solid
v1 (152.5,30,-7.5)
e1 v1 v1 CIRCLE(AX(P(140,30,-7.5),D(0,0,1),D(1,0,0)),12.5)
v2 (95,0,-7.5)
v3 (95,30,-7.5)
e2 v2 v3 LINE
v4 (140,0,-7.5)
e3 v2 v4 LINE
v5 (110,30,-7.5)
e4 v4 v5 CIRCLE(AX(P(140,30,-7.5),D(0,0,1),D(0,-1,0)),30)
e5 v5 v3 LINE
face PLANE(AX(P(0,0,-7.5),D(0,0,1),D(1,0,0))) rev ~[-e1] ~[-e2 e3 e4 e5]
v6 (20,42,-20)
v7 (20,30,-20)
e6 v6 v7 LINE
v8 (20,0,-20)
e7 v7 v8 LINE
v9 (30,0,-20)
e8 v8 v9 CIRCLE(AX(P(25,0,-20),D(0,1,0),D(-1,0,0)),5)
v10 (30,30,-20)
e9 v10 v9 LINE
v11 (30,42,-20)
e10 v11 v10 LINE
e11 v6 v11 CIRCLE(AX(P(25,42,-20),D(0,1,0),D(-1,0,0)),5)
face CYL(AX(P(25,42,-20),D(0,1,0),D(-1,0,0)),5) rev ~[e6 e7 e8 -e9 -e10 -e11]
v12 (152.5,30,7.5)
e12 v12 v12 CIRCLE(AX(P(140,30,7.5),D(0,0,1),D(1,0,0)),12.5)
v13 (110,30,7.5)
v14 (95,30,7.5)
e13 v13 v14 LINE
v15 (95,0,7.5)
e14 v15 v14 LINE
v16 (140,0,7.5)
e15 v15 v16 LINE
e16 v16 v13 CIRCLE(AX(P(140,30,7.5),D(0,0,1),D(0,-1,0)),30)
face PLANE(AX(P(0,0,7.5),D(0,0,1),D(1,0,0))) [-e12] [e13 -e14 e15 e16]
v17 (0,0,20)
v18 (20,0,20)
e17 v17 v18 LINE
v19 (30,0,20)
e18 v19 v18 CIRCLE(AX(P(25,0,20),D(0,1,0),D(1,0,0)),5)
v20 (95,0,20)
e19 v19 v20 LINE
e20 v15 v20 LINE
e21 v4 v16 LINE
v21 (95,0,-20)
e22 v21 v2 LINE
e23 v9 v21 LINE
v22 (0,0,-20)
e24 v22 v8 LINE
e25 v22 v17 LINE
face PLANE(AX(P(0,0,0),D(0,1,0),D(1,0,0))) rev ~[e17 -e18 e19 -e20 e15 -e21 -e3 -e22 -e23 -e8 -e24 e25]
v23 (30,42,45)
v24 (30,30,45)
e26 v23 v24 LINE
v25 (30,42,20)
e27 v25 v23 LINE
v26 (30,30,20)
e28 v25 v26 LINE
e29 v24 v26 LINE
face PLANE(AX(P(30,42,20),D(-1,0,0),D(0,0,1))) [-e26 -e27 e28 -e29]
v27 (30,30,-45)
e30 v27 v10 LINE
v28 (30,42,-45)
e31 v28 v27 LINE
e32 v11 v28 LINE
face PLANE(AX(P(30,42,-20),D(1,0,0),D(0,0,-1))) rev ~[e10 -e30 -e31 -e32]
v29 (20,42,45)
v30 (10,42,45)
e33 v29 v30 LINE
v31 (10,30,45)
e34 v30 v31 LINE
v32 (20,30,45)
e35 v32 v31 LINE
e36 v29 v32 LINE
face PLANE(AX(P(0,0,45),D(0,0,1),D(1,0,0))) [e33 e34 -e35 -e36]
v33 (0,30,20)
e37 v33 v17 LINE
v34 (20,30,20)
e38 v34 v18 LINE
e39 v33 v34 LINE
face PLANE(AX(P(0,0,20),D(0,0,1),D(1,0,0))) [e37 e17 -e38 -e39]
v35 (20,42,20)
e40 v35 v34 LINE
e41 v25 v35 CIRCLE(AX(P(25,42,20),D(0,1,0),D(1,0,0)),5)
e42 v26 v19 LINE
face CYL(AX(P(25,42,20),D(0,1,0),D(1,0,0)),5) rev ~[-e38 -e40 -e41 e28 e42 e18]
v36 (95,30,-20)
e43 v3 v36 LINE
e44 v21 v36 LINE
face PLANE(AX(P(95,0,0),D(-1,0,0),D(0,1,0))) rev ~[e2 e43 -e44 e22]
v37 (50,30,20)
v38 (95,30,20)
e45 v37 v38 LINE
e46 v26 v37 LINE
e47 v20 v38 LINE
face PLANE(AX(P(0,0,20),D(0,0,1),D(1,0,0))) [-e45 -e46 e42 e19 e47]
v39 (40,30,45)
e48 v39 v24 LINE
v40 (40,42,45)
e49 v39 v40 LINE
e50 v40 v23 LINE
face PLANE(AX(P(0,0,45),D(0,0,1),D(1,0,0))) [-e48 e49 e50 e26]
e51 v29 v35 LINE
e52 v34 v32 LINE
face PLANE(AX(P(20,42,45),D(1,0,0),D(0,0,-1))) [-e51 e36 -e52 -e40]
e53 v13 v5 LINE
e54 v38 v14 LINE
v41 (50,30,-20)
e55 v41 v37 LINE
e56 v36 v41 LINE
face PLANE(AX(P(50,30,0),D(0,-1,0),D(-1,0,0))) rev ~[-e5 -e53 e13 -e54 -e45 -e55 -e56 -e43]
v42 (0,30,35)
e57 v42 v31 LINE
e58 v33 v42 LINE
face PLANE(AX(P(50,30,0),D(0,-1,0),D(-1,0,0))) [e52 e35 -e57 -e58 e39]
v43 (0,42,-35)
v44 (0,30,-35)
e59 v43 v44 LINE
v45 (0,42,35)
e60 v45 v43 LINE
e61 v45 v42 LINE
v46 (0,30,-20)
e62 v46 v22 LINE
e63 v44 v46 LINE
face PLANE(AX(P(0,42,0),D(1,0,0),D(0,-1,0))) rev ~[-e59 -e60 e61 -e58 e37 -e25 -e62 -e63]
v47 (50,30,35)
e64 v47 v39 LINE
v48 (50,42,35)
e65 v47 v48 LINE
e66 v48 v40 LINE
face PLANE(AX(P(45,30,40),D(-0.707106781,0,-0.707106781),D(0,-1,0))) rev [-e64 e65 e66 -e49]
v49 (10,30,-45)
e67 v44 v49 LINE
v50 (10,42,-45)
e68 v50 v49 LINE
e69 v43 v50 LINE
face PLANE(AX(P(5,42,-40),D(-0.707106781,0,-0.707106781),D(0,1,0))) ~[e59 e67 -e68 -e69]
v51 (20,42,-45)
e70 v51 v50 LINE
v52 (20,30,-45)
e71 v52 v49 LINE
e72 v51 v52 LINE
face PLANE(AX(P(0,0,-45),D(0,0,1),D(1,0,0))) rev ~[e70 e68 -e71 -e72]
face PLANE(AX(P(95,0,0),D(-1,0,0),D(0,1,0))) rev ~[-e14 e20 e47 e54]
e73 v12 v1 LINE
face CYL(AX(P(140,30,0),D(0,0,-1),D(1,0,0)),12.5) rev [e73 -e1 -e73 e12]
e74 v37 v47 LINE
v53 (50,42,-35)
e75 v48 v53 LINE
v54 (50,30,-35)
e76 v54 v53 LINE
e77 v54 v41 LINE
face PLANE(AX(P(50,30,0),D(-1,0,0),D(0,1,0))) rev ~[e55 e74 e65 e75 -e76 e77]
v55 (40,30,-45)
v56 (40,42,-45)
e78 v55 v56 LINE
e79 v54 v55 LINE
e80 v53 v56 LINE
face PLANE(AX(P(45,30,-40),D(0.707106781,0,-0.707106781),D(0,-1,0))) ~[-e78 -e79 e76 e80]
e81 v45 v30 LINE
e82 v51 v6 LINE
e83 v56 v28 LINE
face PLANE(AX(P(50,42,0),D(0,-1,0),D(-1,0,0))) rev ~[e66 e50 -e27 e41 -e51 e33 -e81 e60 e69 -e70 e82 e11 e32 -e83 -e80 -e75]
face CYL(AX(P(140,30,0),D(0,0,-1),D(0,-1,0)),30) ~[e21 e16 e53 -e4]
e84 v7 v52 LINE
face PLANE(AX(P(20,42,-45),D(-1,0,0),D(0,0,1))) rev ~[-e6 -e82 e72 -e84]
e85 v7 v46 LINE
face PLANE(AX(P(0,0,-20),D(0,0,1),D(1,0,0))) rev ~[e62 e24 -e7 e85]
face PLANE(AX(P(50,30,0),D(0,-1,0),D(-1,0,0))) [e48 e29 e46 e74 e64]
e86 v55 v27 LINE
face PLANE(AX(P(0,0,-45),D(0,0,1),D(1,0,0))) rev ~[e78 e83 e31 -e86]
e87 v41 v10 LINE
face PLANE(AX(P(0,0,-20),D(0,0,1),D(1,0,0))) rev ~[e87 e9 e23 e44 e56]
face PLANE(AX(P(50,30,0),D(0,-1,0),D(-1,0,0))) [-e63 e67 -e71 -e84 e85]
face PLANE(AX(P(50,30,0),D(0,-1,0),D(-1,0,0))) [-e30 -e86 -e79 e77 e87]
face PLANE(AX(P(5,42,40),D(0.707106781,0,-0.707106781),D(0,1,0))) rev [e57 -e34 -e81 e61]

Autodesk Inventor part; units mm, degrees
ref_plane "YZ Plane" through (0, 0, 0) normal (1, 0, 0) x (0, 1, 0)
ref_plane "XZ Plane" through (0, 0, 0) normal (0, 1, 0) x (-1, 0, 0)
ref_plane "XY Plane" through (0, 0, 0) normal (0, 0, 1) x (1, 0, 0)
sketch "Esboço1" plane through (0, 0, 0) normal (0, 0, 1) x (1, 0, 0)
  line L0 (0, 0) -> (95, 0)
  line L1 (95, 0) -> (95, 30)
  line L2 (95, 30) -> (0, 30)
  line L3 (0, 30) -> (0, 0)
  line L4 (0, 30) -> (50, 30)
  line L5 (50, 30) -> (50, 42)
  line L6 (50, 42) -> (0, 42)
  line L7 (0, 42) -> (0, 30)
  line L8 (95, 0) -> (140, 0)
  line L9 (110, 30) -> (95, 30)
  line L10 (95, 30) -> (95, 0)
  arc A0 (140, 0) -> (110, 30) centre (140, 30) ccw
  circle A1 centre (140, 30) radius 12.5
  point P0 (0, 15)
  dimension "d0" = 95
  dimension "d1" = 30
  dimension "d3" = 50
  dimension "d4" = 12
  dimension "d5" = 30
  dimension "d6" = 140
  dimension "d7" = 25
extrude "Extrusão1" add sketch "Esboço1" along normal mid plane 90 contours L7 L6 L5 L2
extrude "Extrusão2" add sketch "Esboço1" along normal mid plane 15 contours L1 L9 A0 L8
extrude "Extrusão3" add sketch "Esboço1" along normal mid plane 40 contours L3 L2 L1 L0
sketch "Esboço2" plane through (0, 42, 45) normal (0, 1, 0) x (1, 0, 0)
  line L0 (25, 115) -> (25, 65) construction
  line L1 (50, 90) -> (0, 90) projected
  line L2 (20, 115) -> (20, 65)
  line L3 (30, 65) -> (30, 115)
  arc A0 (30, 115) -> (20, 115) centre (25, 115) ccw
  arc A1 (20, 65) -> (30, 65) centre (25, 65) ccw
  line L4 (25, -25) -> (25, 25) construction
  line L5 (0, 0) -> (50, 0) projected
  line L6 (20, -25) -> (20, 25)
  line L7 (30, 25) -> (30, -25)
  arc A2 (20, -25) -> (30, -25) centre (25, -25) ccw
  arc A3 (30, 25) -> (20, 25) centre (25, 25) ccw
  point P0 (0, 45)
  point P1 (25, 90)
  point P2 (25, 0)
  point P3 (20, 0)
  point P4 (30, 0)
  point P5 (30, 90)
  point P6 (20, 90)
  dimension "d14" = 5
  dimension "d15" = 5
  dimension "d16" = 25
  dimension "d17" = 25
extrude "Extrusão4" cut sketch "Esboço2" against normal through all contours L6 A3 L7 L5
extrude "Extrusão5" cut sketch "Esboço2" against normal through all contours L3 A1 L2 L1
chamfer "Chanfro1" distance 10 angle 45 4 edges at (0, 36, 45) (50, 36, 45) (50, 36, -45) (0, 36, -45)
properties material "Alumínio 6061"
